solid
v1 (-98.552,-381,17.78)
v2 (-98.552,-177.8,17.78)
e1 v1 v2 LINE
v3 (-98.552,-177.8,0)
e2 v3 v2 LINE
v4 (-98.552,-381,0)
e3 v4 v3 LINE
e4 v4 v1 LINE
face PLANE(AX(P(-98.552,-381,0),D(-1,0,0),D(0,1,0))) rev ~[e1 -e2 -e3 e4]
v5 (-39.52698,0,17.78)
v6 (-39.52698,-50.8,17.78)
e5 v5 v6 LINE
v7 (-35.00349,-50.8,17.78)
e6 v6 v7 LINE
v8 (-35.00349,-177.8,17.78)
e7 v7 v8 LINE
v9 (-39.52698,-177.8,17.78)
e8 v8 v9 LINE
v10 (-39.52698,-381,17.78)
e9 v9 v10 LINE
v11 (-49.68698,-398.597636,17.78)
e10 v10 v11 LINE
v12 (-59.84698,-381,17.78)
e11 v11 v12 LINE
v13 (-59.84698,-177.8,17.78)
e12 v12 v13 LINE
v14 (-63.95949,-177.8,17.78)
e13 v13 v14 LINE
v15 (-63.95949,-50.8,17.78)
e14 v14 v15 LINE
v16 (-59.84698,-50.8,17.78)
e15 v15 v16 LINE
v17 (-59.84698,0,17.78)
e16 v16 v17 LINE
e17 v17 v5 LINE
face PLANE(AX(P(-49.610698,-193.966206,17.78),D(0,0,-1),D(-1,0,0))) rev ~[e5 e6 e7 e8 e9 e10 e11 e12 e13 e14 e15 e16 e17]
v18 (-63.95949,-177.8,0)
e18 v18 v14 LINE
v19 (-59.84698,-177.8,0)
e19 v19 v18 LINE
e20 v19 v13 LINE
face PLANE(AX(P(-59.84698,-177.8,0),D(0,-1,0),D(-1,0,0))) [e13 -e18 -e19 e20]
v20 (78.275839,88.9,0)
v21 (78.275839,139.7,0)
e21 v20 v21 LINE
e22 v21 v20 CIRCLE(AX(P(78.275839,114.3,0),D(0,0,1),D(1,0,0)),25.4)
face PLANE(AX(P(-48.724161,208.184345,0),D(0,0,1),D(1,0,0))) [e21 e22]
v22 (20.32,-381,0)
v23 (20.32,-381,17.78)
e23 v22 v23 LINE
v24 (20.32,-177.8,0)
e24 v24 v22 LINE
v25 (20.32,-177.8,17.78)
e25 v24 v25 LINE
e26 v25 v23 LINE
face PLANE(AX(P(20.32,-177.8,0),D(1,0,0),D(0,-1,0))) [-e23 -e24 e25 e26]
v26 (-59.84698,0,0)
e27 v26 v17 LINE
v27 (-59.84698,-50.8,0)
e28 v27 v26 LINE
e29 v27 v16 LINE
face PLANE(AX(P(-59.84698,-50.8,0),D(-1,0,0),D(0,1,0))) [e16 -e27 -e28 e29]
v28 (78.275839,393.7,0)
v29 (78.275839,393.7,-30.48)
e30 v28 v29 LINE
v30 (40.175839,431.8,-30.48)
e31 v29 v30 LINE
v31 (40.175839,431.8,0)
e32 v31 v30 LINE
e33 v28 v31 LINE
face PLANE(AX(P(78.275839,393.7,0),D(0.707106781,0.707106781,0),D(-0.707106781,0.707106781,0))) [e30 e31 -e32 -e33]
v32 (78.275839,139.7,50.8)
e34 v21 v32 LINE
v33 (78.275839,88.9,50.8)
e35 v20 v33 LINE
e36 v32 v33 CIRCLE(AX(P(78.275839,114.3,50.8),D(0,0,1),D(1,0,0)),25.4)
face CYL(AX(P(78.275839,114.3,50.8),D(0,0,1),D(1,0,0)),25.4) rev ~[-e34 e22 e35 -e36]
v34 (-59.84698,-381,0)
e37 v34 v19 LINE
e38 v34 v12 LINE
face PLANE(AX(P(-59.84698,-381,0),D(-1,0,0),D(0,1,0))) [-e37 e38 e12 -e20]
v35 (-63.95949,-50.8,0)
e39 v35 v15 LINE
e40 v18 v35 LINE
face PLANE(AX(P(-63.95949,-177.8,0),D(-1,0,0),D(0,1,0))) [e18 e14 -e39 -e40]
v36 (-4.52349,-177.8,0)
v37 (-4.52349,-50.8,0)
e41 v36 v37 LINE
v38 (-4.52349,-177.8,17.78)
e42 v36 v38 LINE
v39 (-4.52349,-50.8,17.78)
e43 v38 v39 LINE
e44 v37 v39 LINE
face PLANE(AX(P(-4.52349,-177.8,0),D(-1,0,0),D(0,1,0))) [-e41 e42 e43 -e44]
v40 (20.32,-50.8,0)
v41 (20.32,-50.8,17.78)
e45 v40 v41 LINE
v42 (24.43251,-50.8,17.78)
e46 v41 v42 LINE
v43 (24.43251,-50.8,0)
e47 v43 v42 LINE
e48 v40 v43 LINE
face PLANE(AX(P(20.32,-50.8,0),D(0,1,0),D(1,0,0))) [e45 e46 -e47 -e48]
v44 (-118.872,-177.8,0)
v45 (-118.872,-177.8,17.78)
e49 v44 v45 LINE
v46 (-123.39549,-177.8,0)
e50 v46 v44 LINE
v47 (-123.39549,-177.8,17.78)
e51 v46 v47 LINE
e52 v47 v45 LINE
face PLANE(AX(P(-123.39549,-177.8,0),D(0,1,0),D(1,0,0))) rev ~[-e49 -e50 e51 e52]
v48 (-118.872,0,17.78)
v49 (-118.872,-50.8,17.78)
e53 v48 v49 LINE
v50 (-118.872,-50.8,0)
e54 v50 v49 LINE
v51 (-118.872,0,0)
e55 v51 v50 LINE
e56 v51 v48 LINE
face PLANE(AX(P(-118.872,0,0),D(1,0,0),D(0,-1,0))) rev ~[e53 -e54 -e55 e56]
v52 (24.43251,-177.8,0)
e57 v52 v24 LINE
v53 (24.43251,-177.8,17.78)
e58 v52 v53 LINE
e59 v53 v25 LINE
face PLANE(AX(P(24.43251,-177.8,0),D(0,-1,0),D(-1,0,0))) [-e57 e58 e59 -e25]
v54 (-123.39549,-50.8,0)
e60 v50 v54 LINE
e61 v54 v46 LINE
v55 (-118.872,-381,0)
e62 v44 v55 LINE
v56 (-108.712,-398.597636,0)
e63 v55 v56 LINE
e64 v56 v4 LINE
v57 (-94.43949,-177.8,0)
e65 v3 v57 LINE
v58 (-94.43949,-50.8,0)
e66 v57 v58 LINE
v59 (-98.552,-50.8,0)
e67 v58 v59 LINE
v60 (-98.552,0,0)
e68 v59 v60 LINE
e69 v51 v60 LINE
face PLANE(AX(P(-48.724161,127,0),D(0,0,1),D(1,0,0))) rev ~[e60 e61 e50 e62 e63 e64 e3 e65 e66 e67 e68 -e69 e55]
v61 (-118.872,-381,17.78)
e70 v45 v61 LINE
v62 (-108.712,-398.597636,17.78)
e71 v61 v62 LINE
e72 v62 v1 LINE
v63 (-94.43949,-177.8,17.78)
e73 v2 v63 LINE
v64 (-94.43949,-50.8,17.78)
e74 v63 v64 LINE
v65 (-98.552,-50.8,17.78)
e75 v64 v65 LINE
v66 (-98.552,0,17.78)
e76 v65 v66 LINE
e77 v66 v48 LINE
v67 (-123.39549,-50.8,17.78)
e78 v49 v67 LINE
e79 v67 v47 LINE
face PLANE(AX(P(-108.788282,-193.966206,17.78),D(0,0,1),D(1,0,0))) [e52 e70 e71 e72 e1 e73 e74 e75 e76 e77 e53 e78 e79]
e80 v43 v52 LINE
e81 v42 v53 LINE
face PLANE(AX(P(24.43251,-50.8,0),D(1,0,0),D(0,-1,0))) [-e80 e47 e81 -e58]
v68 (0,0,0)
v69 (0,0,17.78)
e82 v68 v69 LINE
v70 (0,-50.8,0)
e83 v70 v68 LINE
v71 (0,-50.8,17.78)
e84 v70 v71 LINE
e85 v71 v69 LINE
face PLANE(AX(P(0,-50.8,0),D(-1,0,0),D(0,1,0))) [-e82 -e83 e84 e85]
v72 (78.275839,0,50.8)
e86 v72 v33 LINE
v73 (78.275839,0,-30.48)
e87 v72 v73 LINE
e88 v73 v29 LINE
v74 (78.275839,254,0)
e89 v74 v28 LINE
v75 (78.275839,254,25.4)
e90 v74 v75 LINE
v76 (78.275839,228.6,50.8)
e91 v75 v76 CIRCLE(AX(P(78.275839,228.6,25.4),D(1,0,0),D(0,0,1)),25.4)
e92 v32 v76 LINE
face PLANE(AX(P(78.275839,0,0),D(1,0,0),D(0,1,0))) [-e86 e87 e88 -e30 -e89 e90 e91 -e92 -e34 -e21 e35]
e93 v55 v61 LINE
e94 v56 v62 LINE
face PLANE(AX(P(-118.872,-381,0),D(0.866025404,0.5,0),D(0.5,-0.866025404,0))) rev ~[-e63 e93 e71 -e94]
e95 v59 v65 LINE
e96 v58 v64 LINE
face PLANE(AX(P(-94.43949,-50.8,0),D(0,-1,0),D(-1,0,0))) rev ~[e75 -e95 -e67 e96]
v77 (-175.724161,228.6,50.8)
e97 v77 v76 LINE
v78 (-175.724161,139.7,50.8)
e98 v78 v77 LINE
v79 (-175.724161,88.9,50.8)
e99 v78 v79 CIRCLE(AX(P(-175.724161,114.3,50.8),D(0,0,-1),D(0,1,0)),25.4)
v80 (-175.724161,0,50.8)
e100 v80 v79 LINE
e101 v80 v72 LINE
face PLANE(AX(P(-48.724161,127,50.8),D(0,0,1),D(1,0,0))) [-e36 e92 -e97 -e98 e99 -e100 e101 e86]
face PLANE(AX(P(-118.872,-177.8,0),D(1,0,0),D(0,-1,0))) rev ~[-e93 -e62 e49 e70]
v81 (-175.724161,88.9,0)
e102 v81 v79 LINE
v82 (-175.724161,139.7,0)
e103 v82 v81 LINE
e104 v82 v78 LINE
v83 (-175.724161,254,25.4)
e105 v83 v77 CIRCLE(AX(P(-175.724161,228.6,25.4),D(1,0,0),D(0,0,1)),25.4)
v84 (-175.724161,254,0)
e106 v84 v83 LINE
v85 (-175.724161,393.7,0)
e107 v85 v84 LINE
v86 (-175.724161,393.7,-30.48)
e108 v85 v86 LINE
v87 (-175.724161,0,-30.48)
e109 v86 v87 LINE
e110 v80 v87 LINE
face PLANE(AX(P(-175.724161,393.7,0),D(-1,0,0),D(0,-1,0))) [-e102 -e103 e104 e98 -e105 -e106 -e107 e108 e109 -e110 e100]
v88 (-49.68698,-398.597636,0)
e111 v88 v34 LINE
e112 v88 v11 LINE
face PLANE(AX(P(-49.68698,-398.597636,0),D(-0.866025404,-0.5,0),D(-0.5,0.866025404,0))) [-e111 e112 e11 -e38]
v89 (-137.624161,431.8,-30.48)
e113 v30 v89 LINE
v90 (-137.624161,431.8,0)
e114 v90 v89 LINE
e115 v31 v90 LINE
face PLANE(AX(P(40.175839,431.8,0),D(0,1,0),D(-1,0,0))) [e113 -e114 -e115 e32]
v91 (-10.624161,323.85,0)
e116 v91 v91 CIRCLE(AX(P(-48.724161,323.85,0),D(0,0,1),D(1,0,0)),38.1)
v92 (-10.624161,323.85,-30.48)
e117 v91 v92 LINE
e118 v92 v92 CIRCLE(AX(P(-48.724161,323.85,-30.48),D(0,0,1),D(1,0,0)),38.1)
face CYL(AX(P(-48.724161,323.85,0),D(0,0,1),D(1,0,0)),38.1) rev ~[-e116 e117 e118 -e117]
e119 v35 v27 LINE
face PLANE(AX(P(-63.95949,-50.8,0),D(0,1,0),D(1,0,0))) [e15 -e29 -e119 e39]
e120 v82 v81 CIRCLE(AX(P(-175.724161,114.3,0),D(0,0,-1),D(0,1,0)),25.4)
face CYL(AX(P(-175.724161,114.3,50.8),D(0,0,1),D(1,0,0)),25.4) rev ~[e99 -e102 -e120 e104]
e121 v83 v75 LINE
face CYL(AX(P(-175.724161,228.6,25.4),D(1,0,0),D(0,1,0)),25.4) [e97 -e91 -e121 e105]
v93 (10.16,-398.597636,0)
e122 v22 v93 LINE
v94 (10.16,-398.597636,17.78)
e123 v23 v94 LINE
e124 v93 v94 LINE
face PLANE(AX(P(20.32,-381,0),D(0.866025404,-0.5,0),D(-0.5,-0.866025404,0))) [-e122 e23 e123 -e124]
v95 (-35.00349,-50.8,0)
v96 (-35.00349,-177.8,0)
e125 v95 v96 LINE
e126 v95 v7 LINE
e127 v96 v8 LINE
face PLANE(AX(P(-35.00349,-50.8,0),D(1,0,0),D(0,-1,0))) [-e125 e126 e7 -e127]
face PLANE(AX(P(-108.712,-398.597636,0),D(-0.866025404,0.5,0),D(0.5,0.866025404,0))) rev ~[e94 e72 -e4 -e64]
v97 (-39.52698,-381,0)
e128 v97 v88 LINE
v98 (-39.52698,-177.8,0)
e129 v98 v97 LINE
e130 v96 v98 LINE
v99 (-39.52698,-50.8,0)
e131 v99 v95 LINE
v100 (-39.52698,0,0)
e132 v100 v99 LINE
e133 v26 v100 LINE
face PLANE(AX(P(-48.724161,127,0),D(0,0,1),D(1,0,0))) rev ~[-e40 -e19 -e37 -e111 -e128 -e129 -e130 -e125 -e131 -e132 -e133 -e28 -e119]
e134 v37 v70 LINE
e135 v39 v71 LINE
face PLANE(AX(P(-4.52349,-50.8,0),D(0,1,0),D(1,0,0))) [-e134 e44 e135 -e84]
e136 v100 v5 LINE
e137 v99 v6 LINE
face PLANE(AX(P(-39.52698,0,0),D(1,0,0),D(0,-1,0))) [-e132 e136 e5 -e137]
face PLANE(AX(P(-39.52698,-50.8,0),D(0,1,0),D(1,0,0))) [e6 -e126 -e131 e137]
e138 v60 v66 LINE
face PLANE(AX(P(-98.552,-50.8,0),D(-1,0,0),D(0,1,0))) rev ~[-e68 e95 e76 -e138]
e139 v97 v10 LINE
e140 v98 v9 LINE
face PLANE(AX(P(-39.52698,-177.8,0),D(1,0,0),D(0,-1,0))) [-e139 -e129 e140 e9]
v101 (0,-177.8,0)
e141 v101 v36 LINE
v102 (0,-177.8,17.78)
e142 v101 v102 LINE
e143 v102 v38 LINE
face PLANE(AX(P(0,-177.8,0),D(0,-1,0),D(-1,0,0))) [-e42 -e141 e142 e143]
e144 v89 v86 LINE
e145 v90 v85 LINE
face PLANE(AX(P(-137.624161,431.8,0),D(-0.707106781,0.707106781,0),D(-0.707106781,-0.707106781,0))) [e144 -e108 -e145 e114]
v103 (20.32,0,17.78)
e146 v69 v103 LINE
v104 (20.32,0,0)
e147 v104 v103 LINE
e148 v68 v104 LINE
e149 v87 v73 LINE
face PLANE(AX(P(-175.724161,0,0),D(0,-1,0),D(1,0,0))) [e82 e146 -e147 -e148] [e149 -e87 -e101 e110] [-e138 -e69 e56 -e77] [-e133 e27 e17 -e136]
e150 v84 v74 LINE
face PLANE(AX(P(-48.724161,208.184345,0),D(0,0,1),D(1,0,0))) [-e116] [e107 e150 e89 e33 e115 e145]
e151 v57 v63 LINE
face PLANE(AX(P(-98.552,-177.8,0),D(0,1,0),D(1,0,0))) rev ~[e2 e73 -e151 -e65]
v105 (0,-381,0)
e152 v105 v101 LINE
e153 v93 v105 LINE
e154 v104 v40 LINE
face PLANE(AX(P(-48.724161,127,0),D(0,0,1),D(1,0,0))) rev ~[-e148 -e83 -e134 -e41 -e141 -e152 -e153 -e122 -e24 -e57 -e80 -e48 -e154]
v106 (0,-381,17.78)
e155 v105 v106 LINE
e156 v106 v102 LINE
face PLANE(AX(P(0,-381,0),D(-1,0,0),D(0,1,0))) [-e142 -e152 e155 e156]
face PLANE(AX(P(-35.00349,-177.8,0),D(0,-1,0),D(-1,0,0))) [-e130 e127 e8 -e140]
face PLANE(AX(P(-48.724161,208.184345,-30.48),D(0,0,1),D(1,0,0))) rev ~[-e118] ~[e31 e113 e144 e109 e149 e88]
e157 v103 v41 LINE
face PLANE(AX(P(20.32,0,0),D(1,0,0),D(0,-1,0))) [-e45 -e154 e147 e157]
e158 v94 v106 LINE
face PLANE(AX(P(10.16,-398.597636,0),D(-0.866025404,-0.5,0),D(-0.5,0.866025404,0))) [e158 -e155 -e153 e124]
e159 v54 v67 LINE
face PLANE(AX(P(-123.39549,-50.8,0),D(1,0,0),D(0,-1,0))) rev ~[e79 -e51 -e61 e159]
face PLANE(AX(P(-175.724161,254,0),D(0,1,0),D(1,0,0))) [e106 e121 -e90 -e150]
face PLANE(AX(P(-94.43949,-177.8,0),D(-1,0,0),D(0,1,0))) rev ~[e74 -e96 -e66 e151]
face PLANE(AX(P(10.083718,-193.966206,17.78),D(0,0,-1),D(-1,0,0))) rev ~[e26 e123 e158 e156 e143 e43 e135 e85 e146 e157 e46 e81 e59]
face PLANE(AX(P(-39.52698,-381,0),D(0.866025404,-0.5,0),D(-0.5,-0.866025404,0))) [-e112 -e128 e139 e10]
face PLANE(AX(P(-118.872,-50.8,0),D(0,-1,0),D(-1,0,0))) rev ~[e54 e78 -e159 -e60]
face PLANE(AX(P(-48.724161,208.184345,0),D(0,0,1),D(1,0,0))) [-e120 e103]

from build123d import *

# Parameters (mm, degrees)
BOSS_EXTRUDE1_DEPTH   = 17.78
BOSS_EXTRUDE1_2_DEPTH = 17.78
BOSS_EXTRUDE1_3_DEPTH = 17.78
SKETCH2_W             = 254
SKETCH2_H             = 254
BOSS_EXTRUDE2_DEPTH   = 50.8
FILLET1_R             = 25.4
SKETCH3_R             = 25.4
CUT_EXTRUDE1_DEPTH    = 50.8
BOSS_EXTRUDE3_DEPTH   = 30.48
SKETCH5_R             = 38.1
CUT_EXTRUDE2_DEPTH    = 30.48


with BuildPart() as part:
    # Sketch1 → Boss-Extrude1 (new body)
    with BuildSketch(Plane.XY):
        Polygon((0, 0), (20.32, 0), (20.32, -50.8), (24.432509982, -50.8), (24.432509982, -177.8), (20.32, -177.8), (20.32, -381), (10.16, -398.597636205), (0, -381), (0, -177.8), (-4.523490018, -177.8), (-4.523490018, -50.8), (0, -50.8), align=None)
    extrude(amount=BOSS_EXTRUDE1_DEPTH)



with BuildPart() as body_2:
    # Sketch1 → Boss-Extrude1 2 (new body)
    with BuildSketch(Plane.XY):
        Polygon((-59.846980035, -50.8), (-59.846980035, 0), (-39.526980035, 0), (-39.526980035, -50.8), (-35.003490018, -50.8), (-35.003490018, -177.8), (-39.526980035, -177.8), (-39.526980035, -381), (-49.686980035, -398.597636205), (-59.846980035, -381), (-59.846980035, -177.8), (-63.959490018, -177.8), (-63.959490018, -50.8), align=None)
    extrude(amount=BOSS_EXTRUDE1_2_DEPTH)


with BuildPart() as body_3:
    # Sketch1 → Boss-Extrude1 3 (new body)
    with BuildSketch(Plane.XY):
        Polygon((-118.872, -381), (-108.712, -398.597636205), (-98.552, -381), (-98.552, -177.8), (-94.439490018, -177.8), (-94.439490018, -50.8), (-98.552, -50.8), (-98.552, 0), (-118.872, 0), (-118.872, -50.8), (-123.395490018, -50.8), (-123.395490018, -177.8), (-118.872, -177.8), align=None)
    extrude(amount=BOSS_EXTRUDE1_3_DEPTH)


with BuildPart() as part_1:
    add(part.part)

    add(body_2.part)  # Boss-Extrude2 merges body 2

    add(body_3.part)  # Boss-Extrude2 merges body 3
    # Sketch2 → Boss-Extrude2 (add)
    with BuildSketch(Plane.XY):
        with Locations((-48.724161458, 127)):
            Rectangle(SKETCH2_W, SKETCH2_H)
    extrude(amount=BOSS_EXTRUDE2_DEPTH)

    # Fillet1
    fillet1_edges = [part_1.edges().sort_by_distance(p)[0] for p in [
        (-48.724161458, 254, 50.8),
    ]]
    fillet(fillet1_edges, radius=FILLET1_R)

    # Sketch3 → Cut-Extrude1 (cut)
    with BuildSketch(Plane.XY.offset(50.8)):
        with Locations((-175.724161458, 114.3)):
            Circle(SKETCH3_R)
        with Locations((78.275838542, 114.3)):
            Circle(SKETCH3_R)
    extrude(amount=-CUT_EXTRUDE1_DEPTH, mode=Mode.SUBTRACT)

    # Sketch4 → Boss-Extrude3 (add)
    with BuildSketch(Plane(origin=(0, 0, 0), x_dir=(-1, 0, 0), z_dir=(0, 0, -1))):
        Polygon((-78.275838542, 393.7), (-40.175838542, 431.8), (137.624161458, 431.8), (175.724161458, 393.7), (175.724161458, 0), (-78.275838542, 0), align=None)
    extrude(amount=BOSS_EXTRUDE3_DEPTH)

    # Sketch5 → Cut-Extrude2 (cut)
    with BuildSketch(Plane.XY):
        with Locations((-48.724161458, 323.85)):
            Circle(SKETCH5_R)
    extrude(amount=-CUT_EXTRUDE2_DEPTH, mode=Mode.SUBTRACT)


solid = part_1.part
